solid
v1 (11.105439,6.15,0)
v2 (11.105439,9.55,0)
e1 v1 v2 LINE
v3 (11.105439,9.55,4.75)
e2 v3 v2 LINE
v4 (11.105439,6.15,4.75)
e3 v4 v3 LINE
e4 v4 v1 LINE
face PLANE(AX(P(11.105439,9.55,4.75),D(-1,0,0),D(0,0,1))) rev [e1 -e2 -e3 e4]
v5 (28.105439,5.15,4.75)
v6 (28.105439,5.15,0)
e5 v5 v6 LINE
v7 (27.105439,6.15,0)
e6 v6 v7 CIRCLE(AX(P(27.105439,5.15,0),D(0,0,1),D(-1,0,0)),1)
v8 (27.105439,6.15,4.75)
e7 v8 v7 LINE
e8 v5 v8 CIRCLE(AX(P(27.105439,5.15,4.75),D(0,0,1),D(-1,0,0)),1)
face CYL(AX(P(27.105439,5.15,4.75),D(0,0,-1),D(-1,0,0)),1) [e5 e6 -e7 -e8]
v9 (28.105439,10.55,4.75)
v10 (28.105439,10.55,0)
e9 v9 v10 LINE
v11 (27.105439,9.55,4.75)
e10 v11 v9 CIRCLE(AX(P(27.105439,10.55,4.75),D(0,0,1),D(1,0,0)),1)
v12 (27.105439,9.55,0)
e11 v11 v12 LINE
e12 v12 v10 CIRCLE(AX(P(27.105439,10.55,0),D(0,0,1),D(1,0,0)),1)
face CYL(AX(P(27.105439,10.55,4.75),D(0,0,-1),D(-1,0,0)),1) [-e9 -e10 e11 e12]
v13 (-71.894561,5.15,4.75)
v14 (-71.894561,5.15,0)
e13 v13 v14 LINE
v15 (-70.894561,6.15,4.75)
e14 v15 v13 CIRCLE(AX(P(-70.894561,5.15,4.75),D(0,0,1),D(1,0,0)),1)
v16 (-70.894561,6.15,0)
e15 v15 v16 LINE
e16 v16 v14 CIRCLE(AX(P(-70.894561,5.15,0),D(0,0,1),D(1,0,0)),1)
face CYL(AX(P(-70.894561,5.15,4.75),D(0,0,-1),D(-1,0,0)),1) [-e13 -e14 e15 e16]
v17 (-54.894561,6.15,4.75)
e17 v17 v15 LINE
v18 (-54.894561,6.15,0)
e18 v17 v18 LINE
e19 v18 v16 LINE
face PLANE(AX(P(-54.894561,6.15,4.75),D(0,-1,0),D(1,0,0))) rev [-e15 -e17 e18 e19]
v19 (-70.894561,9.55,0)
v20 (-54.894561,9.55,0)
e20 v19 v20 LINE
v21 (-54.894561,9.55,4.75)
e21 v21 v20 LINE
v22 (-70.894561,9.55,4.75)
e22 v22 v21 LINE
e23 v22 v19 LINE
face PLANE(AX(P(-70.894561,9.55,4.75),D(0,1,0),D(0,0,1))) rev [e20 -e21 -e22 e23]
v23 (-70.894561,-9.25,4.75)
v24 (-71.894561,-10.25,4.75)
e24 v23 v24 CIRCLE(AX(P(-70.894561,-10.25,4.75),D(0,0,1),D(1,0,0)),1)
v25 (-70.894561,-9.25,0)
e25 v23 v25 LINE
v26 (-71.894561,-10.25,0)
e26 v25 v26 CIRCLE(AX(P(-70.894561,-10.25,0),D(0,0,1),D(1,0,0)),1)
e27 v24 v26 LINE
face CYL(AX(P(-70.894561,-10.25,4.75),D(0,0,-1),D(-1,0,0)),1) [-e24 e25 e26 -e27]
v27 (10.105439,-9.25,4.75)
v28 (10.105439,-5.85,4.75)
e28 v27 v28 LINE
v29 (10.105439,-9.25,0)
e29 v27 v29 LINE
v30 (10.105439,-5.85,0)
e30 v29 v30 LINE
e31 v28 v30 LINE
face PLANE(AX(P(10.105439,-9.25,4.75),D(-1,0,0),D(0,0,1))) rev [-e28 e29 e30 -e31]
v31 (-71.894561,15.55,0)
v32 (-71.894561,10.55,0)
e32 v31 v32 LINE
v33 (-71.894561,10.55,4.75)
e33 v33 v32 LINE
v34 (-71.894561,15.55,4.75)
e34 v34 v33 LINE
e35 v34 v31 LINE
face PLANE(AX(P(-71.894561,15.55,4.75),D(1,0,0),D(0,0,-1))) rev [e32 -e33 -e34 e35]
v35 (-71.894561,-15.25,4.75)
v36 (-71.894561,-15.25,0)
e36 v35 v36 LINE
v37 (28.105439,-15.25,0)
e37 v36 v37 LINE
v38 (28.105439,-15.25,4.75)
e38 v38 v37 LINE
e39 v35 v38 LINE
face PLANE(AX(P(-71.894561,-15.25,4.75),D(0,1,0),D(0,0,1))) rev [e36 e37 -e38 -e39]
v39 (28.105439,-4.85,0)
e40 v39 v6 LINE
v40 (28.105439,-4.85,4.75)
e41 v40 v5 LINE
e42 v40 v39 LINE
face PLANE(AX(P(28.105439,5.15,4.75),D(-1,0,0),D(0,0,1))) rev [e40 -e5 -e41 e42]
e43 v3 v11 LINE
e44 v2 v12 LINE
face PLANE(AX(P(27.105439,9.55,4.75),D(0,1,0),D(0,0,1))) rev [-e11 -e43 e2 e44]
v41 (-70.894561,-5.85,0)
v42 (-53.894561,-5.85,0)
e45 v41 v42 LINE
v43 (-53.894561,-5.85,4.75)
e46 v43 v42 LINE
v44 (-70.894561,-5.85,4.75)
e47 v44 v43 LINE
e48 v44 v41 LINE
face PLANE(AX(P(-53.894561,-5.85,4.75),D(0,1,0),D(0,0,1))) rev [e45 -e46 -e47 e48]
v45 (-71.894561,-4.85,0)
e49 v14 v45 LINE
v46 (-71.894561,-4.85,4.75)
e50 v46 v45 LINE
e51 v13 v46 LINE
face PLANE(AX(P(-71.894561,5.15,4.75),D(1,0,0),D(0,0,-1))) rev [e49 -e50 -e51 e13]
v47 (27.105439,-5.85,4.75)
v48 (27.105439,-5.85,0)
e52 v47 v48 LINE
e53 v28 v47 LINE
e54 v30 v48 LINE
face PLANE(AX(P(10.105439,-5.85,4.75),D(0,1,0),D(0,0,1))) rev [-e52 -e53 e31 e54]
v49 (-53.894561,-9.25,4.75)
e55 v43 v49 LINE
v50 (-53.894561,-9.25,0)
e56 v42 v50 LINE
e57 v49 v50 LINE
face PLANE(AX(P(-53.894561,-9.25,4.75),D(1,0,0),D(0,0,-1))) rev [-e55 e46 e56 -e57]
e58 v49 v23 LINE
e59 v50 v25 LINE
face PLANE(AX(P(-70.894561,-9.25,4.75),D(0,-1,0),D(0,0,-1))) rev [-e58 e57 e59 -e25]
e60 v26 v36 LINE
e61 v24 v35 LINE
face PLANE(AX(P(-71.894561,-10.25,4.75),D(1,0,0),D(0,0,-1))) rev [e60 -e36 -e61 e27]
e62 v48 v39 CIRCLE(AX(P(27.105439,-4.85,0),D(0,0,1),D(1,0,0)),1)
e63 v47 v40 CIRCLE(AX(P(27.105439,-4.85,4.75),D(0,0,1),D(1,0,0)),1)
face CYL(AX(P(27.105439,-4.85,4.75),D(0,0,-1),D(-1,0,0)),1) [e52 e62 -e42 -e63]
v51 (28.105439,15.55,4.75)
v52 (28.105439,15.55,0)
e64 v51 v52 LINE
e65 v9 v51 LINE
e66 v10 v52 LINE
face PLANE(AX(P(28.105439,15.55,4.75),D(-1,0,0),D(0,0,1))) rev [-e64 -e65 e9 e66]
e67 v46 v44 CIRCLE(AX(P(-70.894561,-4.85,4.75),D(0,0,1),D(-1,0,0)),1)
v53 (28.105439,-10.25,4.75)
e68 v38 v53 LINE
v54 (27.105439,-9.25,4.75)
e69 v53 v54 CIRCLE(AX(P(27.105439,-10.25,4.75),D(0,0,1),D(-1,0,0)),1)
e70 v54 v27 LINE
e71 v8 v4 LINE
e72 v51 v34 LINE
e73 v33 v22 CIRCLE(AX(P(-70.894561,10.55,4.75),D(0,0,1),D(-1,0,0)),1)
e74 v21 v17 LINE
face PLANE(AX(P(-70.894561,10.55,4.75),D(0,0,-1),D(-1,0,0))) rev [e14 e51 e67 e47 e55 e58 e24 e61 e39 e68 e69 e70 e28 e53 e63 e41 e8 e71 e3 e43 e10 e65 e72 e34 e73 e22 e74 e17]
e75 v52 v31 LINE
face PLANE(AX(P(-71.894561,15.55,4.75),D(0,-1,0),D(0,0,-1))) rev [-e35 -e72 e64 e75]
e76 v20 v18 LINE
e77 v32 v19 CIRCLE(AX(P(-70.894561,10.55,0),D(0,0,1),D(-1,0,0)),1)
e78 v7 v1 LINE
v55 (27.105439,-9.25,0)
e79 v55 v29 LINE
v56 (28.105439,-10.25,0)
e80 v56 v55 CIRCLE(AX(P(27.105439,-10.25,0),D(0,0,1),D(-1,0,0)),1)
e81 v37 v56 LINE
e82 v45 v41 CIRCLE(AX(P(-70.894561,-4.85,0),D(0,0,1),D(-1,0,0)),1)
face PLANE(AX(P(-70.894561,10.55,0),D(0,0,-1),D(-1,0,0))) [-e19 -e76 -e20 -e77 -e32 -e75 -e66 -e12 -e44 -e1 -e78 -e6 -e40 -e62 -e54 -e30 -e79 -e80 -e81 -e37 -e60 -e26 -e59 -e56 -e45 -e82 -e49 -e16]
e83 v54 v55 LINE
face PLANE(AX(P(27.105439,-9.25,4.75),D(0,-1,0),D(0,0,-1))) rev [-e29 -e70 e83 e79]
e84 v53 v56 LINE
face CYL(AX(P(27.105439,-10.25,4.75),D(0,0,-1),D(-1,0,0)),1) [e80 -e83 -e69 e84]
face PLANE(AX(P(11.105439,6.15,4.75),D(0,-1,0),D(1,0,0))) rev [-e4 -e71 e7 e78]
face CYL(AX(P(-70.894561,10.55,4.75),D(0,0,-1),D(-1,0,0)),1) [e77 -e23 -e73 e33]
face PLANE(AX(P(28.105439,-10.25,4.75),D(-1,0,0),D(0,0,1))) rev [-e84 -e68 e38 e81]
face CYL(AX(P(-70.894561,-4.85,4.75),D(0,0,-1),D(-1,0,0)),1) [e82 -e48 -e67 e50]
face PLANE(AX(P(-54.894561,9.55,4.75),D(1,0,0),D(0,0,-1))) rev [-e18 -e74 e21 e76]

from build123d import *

# Parameters (mm, degrees)
BOSS_EXTRUDE1_DEPTH = 4.75


with BuildPart() as part:
    # Sketch1 → Boss-Extrude1 (new body)
    with BuildSketch(Plane.XY):
        with BuildLine():
            Line((28.105438967, -10.25), (28.105438967, -15.25))
            Line((28.105438967, -15.25), (-71.894561033, -15.25))
            Line((-71.894561033, -15.25), (-71.894561033, -10.25))
            ThreePointArc((-71.894561033, -10.25), (-71.601667814, -9.542893219), (-70.894561033, -9.25))
            Line((-70.894561033, -9.25), (-53.894561033, -9.25))
            Line((-53.894561033, -9.25), (-53.894561033, -5.85))
            Line((-53.894561033, -5.85), (-70.894561033, -5.85))
            ThreePointArc((-70.894561033, -5.85), (-71.601667814, -5.557106781), (-71.894561033, -4.85))
            Line((-71.894561033, -4.85), (-71.894561033, 5.15))
            ThreePointArc((-71.894561033, 5.15), (-71.601667814, 5.857106781), (-70.894561033, 6.15))
            Line((-70.894561033, 6.15), (-54.894561033, 6.15))
            Line((-54.894561033, 6.15), (-54.894561033, 9.55))
            Line((-54.894561033, 9.55), (-70.894561033, 9.55))
            ThreePointArc((-70.894561033, 9.55), (-71.601667814, 9.842893219), (-71.894561033, 10.55))
            Line((-71.894561033, 10.55), (-71.894561033, 15.55))
            Line((-71.894561033, 15.55), (28.105438967, 15.55))
            Line((28.105438967, 15.55), (28.105438967, 10.55))
            ThreePointArc((28.105438967, 10.55), (27.812545748, 9.842893219), (27.105438967, 9.55))
            Line((27.105438967, 9.55), (11.105438967, 9.55))
            Line((11.105438967, 9.55), (11.105438967, 6.15))
            Line((11.105438967, 6.15), (27.105438967, 6.15))
            ThreePointArc((27.105438967, 6.15), (27.812545748, 5.857106781), (28.105438967, 5.15))
            Line((28.105438967, 5.15), (28.105438967, -4.85))
            ThreePointArc((28.105438967, -4.85), (27.812545748, -5.557106781), (27.105438967, -5.85))
            Line((27.105438967, -5.85), (10.105438967, -5.85))
            Line((10.105438967, -5.85), (10.105438967, -9.25))
            Line((10.105438967, -9.25), (27.105438967, -9.25))
            ThreePointArc((27.105438967, -9.25), (27.812545748, -9.542893219), (28.105438967, -10.25))
        make_face()
    extrude(amount=BOSS_EXTRUDE1_DEPTH)


solid = part.part
